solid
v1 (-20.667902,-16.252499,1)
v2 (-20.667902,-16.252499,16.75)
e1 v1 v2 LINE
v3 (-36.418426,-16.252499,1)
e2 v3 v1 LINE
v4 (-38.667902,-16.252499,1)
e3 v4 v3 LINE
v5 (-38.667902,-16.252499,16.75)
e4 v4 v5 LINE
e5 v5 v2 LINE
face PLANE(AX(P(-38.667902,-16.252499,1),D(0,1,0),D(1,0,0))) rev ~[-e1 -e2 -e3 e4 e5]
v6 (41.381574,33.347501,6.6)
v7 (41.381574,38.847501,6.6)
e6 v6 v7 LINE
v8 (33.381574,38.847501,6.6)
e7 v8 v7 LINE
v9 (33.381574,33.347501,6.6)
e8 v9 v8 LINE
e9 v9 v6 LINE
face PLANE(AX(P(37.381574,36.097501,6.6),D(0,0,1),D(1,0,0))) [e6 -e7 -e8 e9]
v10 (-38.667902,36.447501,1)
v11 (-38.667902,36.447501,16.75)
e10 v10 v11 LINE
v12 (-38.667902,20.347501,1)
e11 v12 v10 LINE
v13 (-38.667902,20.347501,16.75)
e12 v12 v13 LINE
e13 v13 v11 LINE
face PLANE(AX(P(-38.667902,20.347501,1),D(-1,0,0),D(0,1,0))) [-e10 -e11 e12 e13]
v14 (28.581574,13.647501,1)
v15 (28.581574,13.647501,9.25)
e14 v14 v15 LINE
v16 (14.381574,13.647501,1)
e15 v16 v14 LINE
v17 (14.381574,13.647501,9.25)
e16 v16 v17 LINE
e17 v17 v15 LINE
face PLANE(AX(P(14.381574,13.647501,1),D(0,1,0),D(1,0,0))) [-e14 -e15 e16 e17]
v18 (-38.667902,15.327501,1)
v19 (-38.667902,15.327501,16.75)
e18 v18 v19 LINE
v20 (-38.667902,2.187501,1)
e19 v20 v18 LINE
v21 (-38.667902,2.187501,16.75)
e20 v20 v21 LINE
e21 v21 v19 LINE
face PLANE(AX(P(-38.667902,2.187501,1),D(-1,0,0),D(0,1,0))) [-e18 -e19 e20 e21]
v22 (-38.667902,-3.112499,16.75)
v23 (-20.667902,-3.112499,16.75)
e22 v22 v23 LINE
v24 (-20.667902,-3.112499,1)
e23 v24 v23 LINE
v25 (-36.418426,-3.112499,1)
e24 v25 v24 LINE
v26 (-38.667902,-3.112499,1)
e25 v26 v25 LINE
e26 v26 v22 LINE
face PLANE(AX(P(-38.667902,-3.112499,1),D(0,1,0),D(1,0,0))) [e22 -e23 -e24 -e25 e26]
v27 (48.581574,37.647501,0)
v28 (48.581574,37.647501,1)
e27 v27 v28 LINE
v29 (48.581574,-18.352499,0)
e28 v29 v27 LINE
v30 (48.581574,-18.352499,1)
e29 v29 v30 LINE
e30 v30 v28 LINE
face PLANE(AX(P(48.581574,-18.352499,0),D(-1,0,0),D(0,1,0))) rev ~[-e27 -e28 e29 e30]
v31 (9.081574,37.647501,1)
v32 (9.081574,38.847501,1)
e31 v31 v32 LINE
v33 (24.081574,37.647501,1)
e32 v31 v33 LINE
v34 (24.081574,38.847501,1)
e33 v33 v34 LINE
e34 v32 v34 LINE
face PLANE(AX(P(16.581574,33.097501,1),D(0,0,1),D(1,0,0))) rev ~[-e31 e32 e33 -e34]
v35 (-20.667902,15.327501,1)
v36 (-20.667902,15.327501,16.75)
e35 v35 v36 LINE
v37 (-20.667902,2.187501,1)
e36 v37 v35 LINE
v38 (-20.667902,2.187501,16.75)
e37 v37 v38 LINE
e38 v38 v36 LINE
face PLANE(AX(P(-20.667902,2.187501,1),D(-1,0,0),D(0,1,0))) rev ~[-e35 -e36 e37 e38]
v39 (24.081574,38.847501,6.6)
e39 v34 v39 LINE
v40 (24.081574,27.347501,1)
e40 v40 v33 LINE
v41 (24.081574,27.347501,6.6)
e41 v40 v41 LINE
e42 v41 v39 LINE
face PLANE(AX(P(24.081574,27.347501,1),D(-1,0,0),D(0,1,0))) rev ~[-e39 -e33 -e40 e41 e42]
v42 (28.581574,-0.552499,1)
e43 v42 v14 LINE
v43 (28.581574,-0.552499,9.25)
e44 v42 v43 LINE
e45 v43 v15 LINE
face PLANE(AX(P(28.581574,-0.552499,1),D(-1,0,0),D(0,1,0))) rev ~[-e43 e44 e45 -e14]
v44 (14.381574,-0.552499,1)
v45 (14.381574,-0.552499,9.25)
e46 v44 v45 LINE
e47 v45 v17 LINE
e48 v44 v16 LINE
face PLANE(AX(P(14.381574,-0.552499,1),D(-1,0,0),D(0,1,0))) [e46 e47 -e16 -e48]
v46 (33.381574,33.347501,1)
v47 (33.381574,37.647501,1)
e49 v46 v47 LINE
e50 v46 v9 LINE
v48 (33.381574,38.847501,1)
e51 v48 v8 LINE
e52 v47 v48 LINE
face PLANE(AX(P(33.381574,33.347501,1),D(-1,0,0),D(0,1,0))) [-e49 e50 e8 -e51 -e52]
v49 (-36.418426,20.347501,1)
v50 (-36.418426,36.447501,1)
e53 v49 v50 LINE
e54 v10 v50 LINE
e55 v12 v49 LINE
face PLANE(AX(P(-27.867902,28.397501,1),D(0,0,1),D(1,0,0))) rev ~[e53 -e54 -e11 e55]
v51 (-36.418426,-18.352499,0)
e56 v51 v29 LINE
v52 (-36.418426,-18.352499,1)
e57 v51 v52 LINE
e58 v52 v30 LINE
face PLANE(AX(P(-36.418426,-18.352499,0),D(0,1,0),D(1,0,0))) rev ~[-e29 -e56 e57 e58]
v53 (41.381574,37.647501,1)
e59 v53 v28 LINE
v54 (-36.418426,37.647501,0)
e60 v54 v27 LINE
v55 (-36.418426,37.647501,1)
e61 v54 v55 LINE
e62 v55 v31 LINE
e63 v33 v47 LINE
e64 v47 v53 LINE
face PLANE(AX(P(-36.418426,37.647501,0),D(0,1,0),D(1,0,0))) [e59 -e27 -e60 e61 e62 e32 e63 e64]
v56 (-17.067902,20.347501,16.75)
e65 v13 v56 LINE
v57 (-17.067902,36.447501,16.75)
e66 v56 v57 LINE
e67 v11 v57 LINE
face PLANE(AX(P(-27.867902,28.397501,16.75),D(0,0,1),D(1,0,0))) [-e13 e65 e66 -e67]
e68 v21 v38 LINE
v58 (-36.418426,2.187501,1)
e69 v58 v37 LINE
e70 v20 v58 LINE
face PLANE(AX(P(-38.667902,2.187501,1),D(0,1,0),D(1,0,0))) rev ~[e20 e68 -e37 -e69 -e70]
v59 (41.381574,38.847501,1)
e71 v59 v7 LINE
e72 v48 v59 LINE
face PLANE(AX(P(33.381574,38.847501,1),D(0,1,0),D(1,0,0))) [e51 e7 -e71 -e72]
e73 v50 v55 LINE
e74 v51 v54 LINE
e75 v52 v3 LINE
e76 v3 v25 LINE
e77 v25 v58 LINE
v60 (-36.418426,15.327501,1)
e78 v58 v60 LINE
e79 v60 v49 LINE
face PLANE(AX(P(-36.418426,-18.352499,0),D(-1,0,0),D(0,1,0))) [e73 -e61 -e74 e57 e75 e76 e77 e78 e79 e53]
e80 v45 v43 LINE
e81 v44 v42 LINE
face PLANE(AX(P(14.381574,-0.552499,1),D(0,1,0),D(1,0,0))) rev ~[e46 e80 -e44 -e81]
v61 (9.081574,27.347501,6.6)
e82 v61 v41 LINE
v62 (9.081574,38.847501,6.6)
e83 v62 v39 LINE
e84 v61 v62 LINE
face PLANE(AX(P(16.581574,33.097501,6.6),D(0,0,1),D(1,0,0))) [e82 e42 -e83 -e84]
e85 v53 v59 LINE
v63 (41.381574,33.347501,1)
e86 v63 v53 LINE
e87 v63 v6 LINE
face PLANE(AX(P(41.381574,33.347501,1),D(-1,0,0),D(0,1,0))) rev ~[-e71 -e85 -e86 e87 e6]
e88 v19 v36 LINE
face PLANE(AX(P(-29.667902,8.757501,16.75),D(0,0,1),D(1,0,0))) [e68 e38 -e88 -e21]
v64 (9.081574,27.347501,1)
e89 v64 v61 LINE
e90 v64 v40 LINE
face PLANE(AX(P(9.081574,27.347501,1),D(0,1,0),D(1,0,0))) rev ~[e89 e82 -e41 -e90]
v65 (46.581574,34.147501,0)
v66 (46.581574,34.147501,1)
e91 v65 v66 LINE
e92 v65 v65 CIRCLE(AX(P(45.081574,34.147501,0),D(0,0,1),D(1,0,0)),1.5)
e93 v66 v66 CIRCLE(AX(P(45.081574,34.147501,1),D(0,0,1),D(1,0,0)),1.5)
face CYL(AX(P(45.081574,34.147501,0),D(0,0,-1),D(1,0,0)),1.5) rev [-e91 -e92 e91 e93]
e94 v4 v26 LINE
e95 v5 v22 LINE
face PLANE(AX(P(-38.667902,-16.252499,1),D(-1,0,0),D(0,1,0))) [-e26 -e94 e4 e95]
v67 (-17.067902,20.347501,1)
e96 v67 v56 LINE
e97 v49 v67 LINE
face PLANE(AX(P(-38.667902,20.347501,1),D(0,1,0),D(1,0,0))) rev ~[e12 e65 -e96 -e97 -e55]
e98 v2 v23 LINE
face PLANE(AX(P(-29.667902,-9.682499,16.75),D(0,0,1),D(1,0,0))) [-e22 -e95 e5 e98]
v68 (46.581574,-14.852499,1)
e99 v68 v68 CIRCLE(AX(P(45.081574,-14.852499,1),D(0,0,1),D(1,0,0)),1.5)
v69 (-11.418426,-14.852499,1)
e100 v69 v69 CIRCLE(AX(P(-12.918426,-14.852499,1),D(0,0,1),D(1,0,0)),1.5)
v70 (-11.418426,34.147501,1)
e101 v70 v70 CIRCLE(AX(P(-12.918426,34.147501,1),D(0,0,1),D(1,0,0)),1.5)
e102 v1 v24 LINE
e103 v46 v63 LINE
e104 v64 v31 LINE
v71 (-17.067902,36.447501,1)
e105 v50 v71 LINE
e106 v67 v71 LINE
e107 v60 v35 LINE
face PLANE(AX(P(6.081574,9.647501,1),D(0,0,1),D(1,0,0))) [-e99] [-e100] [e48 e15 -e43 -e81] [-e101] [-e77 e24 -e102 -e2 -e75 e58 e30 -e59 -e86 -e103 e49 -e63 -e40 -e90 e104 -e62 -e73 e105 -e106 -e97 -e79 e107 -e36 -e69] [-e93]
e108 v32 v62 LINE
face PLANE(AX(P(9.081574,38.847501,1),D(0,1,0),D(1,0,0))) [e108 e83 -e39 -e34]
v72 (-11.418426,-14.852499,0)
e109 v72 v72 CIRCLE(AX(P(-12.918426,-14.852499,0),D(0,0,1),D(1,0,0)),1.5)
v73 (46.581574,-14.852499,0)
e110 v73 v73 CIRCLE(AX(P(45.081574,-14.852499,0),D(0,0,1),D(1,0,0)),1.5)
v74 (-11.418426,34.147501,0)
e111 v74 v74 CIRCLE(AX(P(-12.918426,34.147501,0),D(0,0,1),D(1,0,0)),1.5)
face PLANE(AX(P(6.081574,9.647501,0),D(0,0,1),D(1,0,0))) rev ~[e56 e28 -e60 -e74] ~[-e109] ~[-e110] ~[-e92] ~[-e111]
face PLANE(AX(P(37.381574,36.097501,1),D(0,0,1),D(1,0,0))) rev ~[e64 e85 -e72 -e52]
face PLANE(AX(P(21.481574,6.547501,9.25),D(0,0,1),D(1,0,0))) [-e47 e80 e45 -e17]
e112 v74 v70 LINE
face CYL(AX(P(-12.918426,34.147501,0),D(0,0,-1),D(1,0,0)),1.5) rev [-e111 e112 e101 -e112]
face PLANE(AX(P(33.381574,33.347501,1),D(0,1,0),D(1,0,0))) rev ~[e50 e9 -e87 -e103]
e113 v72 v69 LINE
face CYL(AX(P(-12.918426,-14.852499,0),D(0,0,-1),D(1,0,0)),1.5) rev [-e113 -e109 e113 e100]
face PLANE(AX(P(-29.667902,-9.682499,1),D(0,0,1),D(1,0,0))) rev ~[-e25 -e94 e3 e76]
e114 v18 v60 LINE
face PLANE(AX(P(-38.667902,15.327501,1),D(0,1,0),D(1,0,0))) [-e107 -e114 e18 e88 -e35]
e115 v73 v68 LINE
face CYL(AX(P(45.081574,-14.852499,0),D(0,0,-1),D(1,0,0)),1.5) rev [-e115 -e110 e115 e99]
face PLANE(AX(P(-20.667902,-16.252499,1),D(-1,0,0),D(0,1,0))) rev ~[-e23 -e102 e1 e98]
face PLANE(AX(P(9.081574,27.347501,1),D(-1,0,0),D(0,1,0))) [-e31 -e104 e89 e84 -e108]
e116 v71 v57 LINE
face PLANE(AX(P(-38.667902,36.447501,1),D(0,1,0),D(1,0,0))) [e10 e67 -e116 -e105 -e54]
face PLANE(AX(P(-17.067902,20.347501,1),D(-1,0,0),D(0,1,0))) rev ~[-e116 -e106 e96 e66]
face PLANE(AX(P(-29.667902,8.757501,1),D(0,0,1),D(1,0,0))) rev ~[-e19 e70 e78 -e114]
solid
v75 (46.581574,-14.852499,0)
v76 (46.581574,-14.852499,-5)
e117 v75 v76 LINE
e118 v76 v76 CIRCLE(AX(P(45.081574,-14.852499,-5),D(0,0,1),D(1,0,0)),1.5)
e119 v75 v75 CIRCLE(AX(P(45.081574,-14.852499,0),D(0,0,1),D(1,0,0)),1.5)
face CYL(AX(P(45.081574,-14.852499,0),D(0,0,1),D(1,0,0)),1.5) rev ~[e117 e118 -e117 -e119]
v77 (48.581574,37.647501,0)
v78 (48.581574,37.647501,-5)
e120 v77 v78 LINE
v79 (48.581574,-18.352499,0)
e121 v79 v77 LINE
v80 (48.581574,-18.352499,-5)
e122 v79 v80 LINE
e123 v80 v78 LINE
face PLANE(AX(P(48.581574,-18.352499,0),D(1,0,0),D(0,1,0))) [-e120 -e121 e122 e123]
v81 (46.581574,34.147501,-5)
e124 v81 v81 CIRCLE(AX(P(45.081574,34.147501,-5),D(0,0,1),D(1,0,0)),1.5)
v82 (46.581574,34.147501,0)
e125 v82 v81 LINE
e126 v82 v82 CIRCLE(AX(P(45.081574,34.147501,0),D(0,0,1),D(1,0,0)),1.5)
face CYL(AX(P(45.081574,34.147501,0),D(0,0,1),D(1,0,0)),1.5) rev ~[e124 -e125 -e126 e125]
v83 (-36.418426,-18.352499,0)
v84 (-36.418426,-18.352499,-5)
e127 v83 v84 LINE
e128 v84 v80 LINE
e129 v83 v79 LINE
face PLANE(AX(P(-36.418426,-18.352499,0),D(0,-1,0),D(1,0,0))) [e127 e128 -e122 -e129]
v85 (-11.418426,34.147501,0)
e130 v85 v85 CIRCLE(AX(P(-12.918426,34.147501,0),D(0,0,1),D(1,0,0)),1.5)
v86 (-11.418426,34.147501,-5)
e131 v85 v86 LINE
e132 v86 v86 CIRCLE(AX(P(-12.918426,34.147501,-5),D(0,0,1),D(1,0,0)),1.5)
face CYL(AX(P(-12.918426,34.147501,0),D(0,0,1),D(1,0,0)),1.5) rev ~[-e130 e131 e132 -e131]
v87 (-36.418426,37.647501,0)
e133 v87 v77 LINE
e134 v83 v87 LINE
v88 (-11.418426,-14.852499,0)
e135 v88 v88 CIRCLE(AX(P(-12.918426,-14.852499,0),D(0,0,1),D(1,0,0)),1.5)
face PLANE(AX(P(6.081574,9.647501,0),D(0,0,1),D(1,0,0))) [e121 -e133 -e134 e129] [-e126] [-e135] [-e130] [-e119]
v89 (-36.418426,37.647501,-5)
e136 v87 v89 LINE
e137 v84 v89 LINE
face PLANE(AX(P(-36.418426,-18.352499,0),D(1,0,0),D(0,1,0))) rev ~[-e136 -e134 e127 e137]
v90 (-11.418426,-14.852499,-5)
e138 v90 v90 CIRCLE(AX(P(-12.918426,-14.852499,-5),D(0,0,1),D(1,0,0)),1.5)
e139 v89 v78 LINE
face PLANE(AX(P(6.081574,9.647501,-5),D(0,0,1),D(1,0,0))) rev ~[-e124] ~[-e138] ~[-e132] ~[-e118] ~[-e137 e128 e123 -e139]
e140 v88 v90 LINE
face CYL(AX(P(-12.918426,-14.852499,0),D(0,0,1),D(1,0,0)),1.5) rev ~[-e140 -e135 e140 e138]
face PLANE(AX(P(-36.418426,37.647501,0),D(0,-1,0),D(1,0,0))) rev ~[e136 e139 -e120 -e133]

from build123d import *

# Parameters (mm, degrees)
SKETCH1_W           = 85
SKETCH1_H           = 56
SKETCH1_R           = 1.5
BOSS_EXTRUDE1_DEPTH = 1
SKETCH1_2_W         = 85
SKETCH1_2_H         = 56
SKETCH1_2_R         = 1.5
BOSS_EXTRUDE2_DEPTH = 5
SKETCH3_W           = 14.2
SKETCH3_H           = 14.2
BOSS_EXTRUDE3_DEPTH = 8.25
SKETCH4_W           = 18
SKETCH4_H           = 13.14
SKETCH4_W_2         = 21.6
SKETCH4_H_2         = 16.1
BOSS_EXTRUDE4_DEPTH = 15.75
SKETCH5_W           = 15
SKETCH5_H           = 11.5
SKETCH5_W_2         = 8
SKETCH5_H_2         = 5.5
BOSS_EXTRUDE5_DEPTH = 5.6


with BuildPart() as part:
    # Sketch1 → Boss-Extrude1 (new body)
    with BuildSketch(Plane.XY):
        with Locations((6.081574074, 9.647501164)):
            Rectangle(SKETCH1_W, SKETCH1_H)
        with Locations((-12.918426004, 34.147501164)):
            Circle(SKETCH1_R, mode=Mode.SUBTRACT)
        with Locations((-12.918426004, -14.852498836)):
            Circle(SKETCH1_R, mode=Mode.SUBTRACT)
        with Locations((45.081574074, 34.147501164)):
            Circle(SKETCH1_R, mode=Mode.SUBTRACT)
        with Locations((45.081574074, -14.852498836)):
            Circle(SKETCH1_R, mode=Mode.SUBTRACT)
    extrude(amount=BOSS_EXTRUDE1_DEPTH)

    # Sketch3 → Boss-Extrude3 (add)
    with BuildSketch(Plane.XY.offset(1)):
        with Locations((21.481574074, 6.547501164)):
            Rectangle(SKETCH3_W, SKETCH3_H)
    extrude(amount=BOSS_EXTRUDE3_DEPTH)

    # Sketch4 → Boss-Extrude4 (add)
    with BuildSketch(Plane.XY.offset(1)):
        with Locations((-29.667902016, 8.757501164)):
            Rectangle(SKETCH4_W, SKETCH4_H)
        with Locations((-29.667902016, -9.682498836)):
            Rectangle(SKETCH4_W, SKETCH4_H)
        with Locations((-27.867902016, 28.397501164)):
            Rectangle(SKETCH4_W_2, SKETCH4_H_2)
    extrude(amount=BOSS_EXTRUDE4_DEPTH)

    # Sketch5 → Boss-Extrude5 (add)
    with BuildSketch(Plane.XY.offset(1)):
        with Locations((16.581574074, 33.097501164)):
            Rectangle(SKETCH5_W, SKETCH5_H)
        with Locations((37.381574074, 36.097501164)):
            Rectangle(SKETCH5_W_2, SKETCH5_H_2)
    extrude(amount=BOSS_EXTRUDE5_DEPTH)


with BuildPart() as body_2:
    # Sketch1<2> → Boss-Extrude2 (new body)
    with BuildSketch(Plane.XY):
        with Locations((6.081574074, 9.647501164)):
            Rectangle(SKETCH1_2_W, SKETCH1_2_H)
        with Locations((-12.918426004, 34.147501164)):
            Circle(SKETCH1_2_R, mode=Mode.SUBTRACT)
        with Locations((-12.918426004, -14.852498836)):
            Circle(SKETCH1_2_R, mode=Mode.SUBTRACT)
        with Locations((45.081574074, 34.147501164)):
            Circle(SKETCH1_2_R, mode=Mode.SUBTRACT)
        with Locations((45.081574074, -14.852498836)):
            Circle(SKETCH1_2_R, mode=Mode.SUBTRACT)
    extrude(amount=-BOSS_EXTRUDE2_DEPTH)


solid = Compound([part.part, body_2.part])
